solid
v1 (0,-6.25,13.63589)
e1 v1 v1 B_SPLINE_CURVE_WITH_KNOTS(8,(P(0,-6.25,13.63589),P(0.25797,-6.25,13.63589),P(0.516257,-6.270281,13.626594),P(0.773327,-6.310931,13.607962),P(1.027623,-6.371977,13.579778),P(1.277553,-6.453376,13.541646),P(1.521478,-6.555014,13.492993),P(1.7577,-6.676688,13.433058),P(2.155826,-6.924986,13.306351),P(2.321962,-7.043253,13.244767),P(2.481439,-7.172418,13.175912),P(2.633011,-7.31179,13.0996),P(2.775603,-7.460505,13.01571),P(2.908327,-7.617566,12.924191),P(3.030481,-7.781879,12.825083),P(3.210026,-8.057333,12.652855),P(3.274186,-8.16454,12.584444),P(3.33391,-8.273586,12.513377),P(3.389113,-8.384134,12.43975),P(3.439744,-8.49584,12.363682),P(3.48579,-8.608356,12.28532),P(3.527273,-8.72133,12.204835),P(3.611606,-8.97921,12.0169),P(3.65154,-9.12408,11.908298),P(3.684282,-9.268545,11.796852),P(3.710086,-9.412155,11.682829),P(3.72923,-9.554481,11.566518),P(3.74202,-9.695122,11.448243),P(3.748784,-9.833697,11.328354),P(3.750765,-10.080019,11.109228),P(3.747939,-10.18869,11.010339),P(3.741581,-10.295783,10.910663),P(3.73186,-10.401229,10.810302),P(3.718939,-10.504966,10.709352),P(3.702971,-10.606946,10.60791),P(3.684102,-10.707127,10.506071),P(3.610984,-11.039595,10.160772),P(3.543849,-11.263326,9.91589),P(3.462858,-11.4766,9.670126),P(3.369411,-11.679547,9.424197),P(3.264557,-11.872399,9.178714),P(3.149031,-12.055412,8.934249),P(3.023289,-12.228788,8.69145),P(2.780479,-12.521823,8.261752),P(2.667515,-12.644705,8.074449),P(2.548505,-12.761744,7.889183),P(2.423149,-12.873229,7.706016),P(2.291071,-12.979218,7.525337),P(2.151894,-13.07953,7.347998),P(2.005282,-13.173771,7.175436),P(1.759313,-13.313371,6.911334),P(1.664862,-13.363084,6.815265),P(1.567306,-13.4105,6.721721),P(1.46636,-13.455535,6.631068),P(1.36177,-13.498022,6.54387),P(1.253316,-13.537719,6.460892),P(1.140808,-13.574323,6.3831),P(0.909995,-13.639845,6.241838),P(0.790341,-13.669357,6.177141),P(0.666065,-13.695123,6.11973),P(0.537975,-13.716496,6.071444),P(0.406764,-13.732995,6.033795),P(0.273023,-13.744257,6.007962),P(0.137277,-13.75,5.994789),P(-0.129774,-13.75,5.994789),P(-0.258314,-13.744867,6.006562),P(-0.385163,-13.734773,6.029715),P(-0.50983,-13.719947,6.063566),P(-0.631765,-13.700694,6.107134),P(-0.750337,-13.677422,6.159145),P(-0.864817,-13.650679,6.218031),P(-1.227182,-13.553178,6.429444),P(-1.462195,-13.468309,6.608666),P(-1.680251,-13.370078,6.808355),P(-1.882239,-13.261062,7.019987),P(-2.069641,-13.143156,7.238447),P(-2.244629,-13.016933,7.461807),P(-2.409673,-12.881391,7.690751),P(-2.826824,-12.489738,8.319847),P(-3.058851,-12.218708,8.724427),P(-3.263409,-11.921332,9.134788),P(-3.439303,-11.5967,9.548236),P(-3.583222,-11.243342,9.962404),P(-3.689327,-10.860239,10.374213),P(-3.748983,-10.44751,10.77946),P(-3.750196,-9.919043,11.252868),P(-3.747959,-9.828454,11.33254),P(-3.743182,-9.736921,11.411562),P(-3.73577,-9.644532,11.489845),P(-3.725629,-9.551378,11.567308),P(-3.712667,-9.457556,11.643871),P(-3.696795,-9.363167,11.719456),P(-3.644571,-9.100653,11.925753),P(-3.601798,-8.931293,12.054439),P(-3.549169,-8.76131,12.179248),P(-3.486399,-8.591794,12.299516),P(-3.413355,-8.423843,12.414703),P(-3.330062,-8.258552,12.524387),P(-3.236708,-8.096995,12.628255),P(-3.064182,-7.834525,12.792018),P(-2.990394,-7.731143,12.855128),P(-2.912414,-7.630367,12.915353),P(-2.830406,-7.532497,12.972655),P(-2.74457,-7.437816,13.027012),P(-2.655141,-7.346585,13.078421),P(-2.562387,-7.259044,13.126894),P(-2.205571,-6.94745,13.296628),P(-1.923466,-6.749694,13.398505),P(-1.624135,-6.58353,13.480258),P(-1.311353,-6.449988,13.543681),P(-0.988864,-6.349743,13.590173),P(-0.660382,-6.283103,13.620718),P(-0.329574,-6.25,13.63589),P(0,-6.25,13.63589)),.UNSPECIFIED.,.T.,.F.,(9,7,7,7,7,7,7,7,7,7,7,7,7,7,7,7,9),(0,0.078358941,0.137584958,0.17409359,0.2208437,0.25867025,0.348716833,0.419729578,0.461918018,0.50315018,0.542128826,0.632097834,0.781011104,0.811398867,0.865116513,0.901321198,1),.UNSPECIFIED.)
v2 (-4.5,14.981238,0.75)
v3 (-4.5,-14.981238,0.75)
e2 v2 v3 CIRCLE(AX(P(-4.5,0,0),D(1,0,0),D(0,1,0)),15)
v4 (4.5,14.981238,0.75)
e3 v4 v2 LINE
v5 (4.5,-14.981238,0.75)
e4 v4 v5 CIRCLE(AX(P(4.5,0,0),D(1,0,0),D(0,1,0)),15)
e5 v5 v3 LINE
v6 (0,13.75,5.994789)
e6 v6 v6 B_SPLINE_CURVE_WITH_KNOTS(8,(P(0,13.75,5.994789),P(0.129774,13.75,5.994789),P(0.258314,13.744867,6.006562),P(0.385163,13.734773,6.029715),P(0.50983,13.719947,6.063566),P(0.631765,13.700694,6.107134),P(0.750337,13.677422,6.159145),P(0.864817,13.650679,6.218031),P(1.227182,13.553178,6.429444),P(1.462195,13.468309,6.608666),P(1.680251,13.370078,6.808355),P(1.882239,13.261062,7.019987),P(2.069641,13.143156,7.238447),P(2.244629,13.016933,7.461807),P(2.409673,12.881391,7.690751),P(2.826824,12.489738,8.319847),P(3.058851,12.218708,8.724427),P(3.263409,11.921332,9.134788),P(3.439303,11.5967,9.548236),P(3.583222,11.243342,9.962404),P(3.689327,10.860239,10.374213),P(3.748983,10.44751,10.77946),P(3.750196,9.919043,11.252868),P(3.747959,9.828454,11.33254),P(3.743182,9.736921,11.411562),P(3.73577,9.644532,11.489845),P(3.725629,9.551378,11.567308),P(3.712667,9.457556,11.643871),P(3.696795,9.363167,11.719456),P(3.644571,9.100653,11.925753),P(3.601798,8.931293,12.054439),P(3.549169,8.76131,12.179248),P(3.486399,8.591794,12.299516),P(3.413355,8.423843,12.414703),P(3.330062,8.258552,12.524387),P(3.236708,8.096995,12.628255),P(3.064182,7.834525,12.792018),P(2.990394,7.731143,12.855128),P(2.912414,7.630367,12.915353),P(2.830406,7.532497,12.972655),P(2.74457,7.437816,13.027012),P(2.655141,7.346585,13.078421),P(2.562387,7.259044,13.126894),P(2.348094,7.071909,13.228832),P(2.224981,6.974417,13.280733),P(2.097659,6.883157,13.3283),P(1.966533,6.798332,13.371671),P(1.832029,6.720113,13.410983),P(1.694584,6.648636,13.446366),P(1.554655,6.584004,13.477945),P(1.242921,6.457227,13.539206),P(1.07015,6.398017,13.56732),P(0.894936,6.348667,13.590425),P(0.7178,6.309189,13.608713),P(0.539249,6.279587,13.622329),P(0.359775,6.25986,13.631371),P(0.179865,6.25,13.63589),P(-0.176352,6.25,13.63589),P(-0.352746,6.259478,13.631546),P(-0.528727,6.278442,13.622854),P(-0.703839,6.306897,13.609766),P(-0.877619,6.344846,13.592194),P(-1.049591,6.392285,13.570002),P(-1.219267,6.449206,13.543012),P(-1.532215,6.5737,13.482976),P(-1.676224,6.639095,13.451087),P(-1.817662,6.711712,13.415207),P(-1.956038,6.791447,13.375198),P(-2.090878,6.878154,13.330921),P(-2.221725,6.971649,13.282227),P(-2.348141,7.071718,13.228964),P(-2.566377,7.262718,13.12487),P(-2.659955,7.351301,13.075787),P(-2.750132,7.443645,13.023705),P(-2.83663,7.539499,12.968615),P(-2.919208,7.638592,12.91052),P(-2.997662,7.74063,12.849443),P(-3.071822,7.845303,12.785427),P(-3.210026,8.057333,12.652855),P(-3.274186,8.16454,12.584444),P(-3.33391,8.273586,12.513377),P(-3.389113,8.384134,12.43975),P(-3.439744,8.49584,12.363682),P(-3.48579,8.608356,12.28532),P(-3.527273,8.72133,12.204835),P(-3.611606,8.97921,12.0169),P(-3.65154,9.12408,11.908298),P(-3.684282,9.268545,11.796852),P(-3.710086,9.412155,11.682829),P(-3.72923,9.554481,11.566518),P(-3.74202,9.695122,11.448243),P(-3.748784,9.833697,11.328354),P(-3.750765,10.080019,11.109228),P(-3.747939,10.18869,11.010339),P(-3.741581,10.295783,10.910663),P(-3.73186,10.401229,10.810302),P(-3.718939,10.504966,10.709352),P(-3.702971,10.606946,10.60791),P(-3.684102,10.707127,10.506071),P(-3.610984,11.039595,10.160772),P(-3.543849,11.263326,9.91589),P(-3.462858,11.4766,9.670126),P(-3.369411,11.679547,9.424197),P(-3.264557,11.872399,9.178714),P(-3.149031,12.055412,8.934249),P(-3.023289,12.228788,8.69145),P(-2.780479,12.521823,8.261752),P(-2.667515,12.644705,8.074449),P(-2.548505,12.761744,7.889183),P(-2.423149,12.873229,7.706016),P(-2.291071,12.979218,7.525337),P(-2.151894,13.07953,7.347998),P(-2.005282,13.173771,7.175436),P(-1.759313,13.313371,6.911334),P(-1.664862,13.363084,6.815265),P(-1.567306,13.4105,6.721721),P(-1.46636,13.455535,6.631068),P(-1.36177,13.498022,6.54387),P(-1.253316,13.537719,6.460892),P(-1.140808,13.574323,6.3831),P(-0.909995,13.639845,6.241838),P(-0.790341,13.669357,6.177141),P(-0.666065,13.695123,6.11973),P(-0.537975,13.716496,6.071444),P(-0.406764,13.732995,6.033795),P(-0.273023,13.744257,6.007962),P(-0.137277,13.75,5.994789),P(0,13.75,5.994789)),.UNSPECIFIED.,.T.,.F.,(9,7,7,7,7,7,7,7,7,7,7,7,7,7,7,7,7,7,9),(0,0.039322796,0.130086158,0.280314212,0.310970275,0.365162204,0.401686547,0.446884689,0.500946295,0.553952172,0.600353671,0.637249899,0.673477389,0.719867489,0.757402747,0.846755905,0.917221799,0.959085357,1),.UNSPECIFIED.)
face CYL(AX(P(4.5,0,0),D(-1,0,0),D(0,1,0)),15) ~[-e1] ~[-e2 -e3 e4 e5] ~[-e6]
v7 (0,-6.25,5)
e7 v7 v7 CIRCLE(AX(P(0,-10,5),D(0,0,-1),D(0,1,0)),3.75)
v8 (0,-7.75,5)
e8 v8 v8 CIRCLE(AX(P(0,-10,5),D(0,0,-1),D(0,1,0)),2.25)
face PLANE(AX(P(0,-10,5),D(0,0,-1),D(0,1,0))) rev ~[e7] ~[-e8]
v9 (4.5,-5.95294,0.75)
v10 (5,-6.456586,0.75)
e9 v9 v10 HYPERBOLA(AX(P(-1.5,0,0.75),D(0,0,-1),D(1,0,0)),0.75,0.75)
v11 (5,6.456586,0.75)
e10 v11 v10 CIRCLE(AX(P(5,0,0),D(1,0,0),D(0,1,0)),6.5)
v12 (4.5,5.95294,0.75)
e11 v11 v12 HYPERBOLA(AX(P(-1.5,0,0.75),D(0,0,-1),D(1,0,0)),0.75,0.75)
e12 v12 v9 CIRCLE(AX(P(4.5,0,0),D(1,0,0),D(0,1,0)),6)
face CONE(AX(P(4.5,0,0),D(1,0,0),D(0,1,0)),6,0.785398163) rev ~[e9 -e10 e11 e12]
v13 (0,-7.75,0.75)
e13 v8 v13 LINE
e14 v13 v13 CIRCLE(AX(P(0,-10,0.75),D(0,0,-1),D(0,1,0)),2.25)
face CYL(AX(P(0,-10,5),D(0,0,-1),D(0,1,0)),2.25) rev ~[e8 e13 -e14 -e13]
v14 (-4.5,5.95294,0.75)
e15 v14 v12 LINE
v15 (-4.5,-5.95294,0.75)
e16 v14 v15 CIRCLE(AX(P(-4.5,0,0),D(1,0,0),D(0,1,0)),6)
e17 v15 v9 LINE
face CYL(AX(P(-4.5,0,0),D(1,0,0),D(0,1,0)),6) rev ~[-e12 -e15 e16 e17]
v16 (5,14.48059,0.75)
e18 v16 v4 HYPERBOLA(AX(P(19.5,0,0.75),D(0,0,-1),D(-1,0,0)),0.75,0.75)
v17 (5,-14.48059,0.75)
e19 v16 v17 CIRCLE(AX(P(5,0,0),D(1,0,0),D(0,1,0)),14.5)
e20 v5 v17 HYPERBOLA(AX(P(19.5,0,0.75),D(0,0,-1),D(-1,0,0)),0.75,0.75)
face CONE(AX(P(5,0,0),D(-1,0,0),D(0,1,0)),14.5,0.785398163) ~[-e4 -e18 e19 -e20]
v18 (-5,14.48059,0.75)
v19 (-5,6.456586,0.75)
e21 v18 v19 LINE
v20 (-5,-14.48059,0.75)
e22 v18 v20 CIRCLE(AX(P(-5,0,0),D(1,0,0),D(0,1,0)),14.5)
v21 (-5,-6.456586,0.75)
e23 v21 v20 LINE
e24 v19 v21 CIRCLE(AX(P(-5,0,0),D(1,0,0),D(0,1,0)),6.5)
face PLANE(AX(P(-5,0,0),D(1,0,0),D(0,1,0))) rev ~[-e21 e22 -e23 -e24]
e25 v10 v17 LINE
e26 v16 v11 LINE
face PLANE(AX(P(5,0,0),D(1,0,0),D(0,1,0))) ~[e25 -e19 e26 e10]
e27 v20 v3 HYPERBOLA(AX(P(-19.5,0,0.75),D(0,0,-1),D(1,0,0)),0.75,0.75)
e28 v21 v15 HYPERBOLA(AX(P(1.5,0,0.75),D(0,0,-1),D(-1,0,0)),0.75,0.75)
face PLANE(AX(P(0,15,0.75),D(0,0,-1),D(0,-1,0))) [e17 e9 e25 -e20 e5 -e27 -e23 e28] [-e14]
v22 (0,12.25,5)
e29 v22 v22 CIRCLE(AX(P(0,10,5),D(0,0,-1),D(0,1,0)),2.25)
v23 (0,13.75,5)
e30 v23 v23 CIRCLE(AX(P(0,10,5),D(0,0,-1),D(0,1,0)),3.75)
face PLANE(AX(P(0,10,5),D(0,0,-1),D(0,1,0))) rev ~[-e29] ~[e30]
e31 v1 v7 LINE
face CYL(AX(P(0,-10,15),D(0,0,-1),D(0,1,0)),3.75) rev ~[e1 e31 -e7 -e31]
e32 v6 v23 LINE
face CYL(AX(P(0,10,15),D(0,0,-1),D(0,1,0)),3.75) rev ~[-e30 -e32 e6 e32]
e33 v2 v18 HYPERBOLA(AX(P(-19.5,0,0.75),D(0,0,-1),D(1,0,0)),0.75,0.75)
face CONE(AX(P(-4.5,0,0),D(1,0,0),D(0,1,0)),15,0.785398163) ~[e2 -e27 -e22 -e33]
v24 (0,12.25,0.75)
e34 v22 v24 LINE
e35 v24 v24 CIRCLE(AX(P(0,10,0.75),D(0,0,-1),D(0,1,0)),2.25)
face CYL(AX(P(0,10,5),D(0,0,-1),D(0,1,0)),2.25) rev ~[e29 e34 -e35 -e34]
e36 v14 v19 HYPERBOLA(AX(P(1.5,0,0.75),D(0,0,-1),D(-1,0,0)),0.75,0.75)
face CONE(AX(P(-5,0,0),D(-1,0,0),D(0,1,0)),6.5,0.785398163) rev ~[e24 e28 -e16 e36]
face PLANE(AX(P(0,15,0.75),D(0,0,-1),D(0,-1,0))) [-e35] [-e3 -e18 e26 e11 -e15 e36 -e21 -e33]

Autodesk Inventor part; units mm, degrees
sketch "Sketch_1" plane through (0, 0, 0) normal (0, 0, 1) x (1, 0, 0)
  line L0 (5, 0) -> (-5, 0)
  line L1 (-5, 14.5) -> (-5, 6.5)
  line L2 (-5, 6.5) -> (-4.5, 6)
  line L3 (-4.5, 6) -> (4.5, 6)
  line L4 (4.5, 6) -> (5, 6.5)
  line L5 (5, 6.5) -> (5, 14.5)
  line L6 (5, 14.5) -> (4.5, 15)
  line L7 (4.5, 15) -> (-4.5, 15)
  line L8 (-4.5, 15) -> (-5, 14.5)
revolve "Revolution1" add sketch "Sketch_1" angle 180 about axis through (5, 0, 0) along (1, 0, 0)
sketch "Sketch_2" plane through (0, 0, 0) normal (1, 0, 0) x (0, 1, 0)
  line L0 (-15, 0.75) -> (-15, -0.75)
  line L1 (-15, -0.75) -> (15, -0.75)
  line L2 (15, -0.75) -> (15, 0.75)
  line L3 (15, 0.75) -> (-15, 0.75)
extrude "Extrusion1" cut sketch "Sketch_2" along normal mid plane 10
sketch "Sketch_3" plane through (0, 0, 0) normal (1, 0, 0) x (0, 1, 0)
  line L0 (-10, 0) -> (-10, 15)
  line L1 (-10, 15) -> (-6.25, 15)
  line L2 (-6.25, 15) -> (-6.25, 5)
  line L3 (-6.25, 5) -> (-7.75, 5)
  line L4 (-7.75, 5) -> (-7.75, 0)
  line L5 (-7.75, 0) -> (-10, 0)
  line L6 (-10, 0) -> (-10, 15)
revolve "Revolution2" cut sketch "Sketch_3" angle 360 about axis through (0, -10, 0) along (0, 0, -1)
sketch "Sketch_4" plane through (0, 0, 0) normal (1, 0, 0) x (0, 1, 0)
  line L0 (10, 0) -> (10, 15)
  line L1 (10, 15) -> (13.75, 15)
  line L2 (13.75, 15) -> (13.75, 5)
  line L3 (13.75, 5) -> (12.25, 5)
  line L4 (12.25, 5) -> (12.25, 0)
  line L5 (12.25, 0) -> (10, 0)
  line L6 (10, 0) -> (10, 15)
revolve "Revolution3" cut sketch "Sketch_4" angle 360 about axis through (0, 10, 0) along (0, 0, -1)
ref_plane "1_2_XY" through (0, 0, 0) normal (0, 0, 1) x (1, 0, 0)
ref_plane "1_2_YZ" through (0, 0, 0) normal (1, 0, 0) x (0, 1, 0)
ref_plane "1_2_ZX" through (0, 0, 0) normal (0, 1, 0) x (0, 0, 1)
ref_plane "body_screw_XY" through (0, -10, 5) normal (0, 0, 1) x (1, 0, 0)
ref_plane "body_screw_YZ" through (0, -10, 5) normal (1, 0, 0) x (0, 1, 0)
ref_plane "body_screw_ZX" through (0, -10, 5) normal (0, 1, 0) x (0, 0, 1)
ref_plane "body_screw2_XY" through (0, 10, 5) normal (0, 0, 1) x (1, 0, 0)
ref_plane "body_screw2_YZ" through (0, 10, 5) normal (1, 0, 0) x (0, 1, 0)
ref_plane "body_screw2_ZX" through (0, 10, 5) normal (0, 1, 0) x (0, 0, 1)
properties part number "SSCSP12-10b"
